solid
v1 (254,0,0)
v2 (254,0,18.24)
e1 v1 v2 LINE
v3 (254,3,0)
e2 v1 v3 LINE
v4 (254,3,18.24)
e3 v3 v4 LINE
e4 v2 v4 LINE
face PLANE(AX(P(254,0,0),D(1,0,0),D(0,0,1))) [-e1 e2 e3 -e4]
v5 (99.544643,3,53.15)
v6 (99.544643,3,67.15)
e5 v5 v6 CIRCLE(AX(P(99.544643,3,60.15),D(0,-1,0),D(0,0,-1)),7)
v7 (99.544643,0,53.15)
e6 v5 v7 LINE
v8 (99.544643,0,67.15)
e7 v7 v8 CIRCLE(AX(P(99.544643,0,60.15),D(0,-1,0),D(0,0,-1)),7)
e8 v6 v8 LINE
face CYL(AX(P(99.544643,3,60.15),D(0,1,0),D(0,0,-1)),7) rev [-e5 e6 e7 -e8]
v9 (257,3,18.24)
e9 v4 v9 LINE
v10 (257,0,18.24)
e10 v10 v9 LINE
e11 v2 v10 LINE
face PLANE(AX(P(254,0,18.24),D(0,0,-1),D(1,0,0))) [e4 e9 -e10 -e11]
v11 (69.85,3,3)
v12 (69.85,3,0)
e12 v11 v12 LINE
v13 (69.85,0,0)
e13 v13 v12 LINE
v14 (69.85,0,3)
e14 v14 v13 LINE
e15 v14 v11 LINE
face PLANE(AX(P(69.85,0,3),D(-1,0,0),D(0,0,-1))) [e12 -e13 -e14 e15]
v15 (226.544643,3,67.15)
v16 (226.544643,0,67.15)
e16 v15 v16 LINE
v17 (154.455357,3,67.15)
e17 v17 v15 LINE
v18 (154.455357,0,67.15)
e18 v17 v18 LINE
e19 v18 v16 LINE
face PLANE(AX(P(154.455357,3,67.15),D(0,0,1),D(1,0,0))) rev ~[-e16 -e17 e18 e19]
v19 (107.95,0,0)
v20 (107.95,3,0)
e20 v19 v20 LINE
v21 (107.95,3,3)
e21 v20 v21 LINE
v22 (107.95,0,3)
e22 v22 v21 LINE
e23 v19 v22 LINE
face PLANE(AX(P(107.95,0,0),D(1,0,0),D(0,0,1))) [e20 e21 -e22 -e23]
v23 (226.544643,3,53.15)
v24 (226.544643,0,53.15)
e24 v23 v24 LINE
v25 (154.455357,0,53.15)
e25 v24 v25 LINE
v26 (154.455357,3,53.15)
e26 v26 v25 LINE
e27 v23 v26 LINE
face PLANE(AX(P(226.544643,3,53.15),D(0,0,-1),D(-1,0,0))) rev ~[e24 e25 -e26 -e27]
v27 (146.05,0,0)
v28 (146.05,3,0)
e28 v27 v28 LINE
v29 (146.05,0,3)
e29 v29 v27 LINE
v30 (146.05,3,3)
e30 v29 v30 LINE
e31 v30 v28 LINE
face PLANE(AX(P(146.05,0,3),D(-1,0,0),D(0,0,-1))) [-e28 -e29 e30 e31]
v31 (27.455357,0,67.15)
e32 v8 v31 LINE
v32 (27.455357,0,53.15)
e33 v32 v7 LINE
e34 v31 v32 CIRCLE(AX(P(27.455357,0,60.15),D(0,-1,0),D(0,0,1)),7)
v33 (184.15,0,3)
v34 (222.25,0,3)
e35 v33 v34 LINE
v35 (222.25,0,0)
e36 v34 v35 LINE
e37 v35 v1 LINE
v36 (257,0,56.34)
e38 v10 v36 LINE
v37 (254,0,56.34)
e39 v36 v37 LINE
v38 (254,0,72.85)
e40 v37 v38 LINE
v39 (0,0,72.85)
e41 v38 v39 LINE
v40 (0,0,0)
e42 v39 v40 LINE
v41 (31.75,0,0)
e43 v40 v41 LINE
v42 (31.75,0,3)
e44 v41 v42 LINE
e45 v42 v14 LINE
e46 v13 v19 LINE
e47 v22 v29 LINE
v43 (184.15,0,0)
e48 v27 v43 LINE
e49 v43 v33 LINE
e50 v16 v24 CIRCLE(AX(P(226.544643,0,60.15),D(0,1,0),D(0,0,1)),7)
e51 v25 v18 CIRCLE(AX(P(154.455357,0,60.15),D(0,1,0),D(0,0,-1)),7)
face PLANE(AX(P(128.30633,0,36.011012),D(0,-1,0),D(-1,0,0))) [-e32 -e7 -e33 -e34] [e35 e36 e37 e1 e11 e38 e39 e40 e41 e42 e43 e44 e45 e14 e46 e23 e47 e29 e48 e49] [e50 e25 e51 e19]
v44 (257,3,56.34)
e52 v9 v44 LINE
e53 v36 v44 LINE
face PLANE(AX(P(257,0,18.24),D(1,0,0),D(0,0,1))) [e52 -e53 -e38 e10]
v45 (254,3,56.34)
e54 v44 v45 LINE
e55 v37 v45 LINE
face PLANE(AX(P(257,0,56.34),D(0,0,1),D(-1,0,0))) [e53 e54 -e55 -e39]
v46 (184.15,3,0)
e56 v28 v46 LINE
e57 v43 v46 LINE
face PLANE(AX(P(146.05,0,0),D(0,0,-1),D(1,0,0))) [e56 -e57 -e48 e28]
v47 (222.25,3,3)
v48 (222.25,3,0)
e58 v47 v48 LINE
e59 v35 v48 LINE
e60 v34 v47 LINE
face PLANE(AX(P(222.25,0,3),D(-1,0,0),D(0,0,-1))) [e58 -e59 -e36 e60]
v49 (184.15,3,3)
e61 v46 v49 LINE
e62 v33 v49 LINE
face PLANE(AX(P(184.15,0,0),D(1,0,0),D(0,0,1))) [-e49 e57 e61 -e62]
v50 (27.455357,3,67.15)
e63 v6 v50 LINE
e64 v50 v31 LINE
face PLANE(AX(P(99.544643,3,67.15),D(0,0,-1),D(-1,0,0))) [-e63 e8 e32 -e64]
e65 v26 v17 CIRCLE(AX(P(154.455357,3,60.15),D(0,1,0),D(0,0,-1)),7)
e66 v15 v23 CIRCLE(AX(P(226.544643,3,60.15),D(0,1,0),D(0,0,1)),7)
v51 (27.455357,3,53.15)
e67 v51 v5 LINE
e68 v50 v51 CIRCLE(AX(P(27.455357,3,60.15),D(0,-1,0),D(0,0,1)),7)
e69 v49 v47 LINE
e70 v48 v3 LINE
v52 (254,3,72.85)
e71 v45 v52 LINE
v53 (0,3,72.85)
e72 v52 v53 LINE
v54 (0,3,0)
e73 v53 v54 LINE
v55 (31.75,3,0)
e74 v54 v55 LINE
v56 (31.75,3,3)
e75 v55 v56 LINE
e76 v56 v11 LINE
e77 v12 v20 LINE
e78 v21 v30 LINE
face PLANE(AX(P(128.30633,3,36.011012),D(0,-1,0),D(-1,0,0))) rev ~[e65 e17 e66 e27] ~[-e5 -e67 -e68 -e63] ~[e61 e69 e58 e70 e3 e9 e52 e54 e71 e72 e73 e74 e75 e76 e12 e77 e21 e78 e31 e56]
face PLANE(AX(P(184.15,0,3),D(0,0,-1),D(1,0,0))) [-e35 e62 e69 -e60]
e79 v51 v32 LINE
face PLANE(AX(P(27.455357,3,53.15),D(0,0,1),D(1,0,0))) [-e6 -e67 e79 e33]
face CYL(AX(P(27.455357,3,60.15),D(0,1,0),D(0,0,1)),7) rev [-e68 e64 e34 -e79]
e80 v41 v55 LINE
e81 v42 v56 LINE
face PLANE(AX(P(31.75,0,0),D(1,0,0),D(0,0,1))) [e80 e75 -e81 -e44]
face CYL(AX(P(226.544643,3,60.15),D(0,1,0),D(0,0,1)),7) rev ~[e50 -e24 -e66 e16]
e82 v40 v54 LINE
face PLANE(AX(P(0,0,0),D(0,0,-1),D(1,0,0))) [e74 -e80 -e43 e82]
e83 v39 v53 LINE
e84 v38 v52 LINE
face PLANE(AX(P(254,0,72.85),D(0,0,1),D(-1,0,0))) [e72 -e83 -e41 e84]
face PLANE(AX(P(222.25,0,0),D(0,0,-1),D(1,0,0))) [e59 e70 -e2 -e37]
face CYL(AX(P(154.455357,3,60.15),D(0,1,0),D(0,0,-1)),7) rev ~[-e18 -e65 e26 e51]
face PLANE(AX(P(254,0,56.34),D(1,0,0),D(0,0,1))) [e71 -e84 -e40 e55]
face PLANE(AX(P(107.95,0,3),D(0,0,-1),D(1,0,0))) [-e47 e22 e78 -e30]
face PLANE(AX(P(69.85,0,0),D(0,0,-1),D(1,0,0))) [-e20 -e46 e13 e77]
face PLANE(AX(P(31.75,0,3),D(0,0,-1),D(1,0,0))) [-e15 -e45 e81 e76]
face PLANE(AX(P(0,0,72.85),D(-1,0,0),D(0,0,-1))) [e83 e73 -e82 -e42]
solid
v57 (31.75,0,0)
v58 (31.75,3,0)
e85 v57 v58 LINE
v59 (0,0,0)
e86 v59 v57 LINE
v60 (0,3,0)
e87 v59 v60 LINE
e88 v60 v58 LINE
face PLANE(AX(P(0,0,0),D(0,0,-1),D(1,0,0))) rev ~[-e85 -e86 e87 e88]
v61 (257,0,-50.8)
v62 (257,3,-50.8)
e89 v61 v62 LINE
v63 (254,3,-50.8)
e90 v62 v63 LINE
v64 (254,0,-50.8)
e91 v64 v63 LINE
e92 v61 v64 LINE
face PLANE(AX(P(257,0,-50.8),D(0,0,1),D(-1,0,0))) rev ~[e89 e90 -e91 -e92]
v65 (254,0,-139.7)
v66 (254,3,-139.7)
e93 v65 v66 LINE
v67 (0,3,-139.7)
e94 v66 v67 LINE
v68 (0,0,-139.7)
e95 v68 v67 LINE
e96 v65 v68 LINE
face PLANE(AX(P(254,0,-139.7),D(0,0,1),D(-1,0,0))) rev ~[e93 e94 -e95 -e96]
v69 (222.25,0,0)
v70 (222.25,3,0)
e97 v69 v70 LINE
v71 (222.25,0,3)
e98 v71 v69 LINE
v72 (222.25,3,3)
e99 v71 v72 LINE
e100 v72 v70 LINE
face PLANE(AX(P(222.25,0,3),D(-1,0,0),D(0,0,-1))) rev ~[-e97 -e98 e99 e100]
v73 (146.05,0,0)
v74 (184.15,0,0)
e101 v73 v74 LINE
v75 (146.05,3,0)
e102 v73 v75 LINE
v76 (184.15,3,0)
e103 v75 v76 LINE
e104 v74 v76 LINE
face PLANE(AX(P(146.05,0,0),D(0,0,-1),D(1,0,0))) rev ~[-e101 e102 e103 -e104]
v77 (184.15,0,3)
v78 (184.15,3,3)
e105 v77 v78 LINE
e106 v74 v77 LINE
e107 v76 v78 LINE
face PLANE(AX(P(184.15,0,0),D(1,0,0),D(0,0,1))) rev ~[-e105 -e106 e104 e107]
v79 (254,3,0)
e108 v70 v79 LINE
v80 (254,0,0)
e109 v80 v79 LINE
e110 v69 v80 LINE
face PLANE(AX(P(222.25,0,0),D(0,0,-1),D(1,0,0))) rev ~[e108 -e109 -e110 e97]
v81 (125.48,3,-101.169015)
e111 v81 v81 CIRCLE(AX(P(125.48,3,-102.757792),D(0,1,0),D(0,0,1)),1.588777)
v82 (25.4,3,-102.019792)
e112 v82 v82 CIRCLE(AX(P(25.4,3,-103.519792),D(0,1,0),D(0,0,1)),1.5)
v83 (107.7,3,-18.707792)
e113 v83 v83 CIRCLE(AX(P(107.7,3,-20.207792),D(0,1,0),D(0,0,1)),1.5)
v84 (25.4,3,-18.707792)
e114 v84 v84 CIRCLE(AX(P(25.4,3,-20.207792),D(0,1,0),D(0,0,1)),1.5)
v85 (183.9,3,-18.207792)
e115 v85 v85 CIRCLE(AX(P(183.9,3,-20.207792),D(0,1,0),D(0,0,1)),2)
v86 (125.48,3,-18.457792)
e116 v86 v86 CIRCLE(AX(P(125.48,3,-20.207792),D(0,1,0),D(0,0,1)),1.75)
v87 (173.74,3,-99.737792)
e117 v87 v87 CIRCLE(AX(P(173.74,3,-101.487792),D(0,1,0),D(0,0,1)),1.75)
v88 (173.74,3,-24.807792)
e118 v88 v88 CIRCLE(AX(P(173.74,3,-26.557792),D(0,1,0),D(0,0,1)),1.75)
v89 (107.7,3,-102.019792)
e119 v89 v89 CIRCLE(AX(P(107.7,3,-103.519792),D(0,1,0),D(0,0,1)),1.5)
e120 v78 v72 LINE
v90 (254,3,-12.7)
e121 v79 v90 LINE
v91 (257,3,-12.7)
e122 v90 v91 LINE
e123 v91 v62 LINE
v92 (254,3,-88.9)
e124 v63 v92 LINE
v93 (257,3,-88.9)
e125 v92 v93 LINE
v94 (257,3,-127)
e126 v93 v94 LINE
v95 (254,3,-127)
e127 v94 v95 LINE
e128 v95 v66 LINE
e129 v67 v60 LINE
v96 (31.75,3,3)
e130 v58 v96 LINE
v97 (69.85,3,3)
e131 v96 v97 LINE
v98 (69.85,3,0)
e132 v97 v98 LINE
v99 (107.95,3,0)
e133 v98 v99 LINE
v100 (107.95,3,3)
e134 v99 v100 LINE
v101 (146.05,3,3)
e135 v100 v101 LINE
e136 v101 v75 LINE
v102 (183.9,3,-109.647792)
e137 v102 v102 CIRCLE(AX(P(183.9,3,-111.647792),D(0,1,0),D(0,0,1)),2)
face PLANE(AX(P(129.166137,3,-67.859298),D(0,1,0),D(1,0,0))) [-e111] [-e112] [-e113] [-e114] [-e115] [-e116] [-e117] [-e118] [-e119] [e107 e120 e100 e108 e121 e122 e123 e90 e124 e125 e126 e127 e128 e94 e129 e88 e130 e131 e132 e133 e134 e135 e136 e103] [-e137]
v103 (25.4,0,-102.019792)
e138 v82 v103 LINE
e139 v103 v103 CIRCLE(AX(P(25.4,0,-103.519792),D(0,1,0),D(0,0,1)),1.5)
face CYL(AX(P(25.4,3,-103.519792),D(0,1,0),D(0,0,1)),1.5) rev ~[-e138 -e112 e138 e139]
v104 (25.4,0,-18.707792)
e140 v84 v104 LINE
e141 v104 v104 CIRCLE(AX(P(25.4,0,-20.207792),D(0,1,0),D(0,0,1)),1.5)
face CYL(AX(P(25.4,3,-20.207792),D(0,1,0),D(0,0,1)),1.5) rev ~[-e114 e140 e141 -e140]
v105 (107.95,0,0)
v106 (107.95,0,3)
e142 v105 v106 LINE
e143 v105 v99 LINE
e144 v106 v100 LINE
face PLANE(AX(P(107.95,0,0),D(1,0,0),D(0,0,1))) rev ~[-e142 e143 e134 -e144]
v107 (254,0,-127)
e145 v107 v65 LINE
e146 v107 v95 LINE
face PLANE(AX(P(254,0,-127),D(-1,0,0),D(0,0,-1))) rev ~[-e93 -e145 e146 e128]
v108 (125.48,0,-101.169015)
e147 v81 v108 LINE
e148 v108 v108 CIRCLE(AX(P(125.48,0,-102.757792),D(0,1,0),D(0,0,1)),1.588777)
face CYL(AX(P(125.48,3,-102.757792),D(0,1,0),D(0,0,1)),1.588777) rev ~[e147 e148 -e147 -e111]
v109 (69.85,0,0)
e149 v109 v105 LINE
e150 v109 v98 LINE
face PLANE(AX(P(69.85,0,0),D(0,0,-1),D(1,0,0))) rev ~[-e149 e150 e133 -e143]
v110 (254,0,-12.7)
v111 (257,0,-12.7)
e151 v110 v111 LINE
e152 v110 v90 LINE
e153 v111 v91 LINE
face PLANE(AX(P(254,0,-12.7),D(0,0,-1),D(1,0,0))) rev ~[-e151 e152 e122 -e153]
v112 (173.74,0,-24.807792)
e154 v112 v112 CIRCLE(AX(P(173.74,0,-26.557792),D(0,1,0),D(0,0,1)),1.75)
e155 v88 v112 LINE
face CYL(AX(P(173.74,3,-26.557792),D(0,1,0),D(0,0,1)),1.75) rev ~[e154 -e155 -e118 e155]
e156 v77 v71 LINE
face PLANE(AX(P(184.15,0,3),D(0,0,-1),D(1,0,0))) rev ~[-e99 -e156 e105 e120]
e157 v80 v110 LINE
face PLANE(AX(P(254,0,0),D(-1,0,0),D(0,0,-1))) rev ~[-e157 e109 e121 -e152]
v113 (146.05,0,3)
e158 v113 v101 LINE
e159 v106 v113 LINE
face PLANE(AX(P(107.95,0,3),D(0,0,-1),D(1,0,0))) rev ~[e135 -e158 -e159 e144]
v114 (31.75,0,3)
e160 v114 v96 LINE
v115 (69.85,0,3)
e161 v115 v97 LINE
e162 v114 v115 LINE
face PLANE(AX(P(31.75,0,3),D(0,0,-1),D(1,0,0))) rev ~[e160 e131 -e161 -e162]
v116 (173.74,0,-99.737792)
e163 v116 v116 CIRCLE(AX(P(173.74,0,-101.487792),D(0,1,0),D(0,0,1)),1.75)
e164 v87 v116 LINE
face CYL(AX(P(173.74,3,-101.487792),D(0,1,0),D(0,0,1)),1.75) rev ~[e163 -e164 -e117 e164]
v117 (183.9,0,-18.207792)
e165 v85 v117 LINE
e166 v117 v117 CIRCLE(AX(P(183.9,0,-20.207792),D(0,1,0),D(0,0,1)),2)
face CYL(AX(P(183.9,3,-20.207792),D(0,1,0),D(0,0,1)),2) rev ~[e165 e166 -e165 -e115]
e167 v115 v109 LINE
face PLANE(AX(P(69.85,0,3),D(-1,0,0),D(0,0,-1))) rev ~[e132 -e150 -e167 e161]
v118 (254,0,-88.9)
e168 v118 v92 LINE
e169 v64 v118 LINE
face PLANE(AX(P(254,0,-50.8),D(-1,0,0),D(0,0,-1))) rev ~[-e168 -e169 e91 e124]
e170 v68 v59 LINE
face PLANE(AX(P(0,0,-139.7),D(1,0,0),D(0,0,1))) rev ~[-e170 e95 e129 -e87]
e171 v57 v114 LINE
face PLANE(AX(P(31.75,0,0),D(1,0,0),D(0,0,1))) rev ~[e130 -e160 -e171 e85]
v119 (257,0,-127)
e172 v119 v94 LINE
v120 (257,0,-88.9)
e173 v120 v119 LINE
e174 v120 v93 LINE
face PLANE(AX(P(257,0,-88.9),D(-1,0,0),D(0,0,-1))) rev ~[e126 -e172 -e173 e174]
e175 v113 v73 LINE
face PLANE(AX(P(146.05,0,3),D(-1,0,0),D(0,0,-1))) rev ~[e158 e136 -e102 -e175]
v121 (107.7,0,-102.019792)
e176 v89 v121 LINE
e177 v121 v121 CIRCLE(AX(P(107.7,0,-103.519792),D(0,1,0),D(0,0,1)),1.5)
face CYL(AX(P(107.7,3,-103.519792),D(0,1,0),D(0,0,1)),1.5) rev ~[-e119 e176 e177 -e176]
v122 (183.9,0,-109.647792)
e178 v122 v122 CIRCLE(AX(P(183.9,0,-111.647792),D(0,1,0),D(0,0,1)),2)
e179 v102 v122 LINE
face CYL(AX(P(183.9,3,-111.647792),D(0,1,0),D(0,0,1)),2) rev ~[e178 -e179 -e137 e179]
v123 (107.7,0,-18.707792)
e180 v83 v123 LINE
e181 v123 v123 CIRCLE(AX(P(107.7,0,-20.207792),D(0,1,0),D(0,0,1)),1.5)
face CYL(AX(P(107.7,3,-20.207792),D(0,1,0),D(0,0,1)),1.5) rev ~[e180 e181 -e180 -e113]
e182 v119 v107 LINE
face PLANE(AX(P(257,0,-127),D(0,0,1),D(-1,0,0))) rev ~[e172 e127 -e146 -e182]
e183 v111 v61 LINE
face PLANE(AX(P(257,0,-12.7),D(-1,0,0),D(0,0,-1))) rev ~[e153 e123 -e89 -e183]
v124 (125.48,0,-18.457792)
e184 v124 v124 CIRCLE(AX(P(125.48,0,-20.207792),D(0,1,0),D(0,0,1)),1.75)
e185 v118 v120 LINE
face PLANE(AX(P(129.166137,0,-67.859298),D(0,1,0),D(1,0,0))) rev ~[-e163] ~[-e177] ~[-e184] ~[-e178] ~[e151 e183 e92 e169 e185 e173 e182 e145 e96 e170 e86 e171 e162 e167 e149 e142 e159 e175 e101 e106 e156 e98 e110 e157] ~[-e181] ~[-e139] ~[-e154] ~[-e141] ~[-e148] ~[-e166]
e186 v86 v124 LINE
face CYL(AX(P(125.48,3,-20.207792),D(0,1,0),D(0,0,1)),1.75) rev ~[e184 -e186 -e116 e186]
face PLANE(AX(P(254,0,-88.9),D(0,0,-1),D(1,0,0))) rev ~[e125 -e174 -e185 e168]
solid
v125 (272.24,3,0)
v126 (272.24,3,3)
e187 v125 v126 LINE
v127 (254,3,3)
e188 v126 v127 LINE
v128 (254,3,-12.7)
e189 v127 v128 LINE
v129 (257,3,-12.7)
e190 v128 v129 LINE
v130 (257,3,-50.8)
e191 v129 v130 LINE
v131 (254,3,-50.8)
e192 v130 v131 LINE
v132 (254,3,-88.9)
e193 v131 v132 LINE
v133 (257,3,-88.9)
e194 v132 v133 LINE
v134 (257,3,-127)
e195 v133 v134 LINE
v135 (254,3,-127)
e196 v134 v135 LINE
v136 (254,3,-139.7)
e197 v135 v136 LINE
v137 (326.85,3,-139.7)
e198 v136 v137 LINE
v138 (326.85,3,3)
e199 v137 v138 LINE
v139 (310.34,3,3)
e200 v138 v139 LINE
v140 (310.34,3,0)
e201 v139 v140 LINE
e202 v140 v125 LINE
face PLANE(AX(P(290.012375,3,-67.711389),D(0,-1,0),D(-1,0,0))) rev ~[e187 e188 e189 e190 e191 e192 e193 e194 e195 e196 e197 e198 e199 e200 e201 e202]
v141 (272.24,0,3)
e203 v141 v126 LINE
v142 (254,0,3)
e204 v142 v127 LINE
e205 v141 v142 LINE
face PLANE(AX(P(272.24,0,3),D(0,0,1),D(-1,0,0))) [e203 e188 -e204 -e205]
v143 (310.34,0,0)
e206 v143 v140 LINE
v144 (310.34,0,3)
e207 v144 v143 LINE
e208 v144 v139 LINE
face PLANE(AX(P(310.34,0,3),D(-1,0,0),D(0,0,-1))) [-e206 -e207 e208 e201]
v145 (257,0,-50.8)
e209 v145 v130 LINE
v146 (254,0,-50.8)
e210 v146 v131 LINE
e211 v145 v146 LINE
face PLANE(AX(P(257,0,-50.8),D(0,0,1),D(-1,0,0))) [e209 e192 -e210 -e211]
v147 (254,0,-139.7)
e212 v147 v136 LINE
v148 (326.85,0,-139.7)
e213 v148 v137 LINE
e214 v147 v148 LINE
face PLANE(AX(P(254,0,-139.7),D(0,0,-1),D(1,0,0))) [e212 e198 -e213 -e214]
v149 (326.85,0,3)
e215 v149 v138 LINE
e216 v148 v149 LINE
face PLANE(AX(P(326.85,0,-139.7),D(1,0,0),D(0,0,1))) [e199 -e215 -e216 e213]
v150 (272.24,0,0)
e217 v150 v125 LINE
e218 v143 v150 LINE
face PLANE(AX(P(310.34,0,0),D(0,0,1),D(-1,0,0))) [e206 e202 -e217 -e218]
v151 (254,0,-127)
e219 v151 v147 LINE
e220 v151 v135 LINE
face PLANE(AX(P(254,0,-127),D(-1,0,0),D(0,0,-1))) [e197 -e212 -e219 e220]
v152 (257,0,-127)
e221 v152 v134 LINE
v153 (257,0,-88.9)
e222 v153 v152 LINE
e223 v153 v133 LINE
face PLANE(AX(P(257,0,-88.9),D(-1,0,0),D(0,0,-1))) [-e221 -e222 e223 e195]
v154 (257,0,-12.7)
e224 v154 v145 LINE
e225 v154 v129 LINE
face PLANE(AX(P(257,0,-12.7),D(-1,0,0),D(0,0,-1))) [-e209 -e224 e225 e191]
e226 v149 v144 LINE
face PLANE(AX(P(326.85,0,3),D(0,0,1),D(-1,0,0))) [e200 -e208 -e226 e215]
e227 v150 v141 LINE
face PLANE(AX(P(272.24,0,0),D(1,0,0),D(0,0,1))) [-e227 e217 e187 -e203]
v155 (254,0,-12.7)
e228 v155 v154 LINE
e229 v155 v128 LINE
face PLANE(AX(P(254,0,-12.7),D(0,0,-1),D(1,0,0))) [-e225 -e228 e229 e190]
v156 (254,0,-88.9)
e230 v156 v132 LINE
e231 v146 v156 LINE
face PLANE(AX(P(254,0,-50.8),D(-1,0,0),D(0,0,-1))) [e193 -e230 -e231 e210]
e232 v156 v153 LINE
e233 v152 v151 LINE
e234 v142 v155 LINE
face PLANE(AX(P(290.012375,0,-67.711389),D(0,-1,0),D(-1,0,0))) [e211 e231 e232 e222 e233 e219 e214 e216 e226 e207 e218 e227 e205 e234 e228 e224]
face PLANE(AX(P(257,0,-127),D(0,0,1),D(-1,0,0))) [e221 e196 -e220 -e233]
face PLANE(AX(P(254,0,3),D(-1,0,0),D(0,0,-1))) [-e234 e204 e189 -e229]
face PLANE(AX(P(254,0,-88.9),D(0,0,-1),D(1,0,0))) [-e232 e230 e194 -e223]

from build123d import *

# Parameters (mm, degrees)
BOSS_EXTRUDE1_DEPTH = 3
BOSS_EXTRUDE2_DEPTH = 3
BOSS_EXTRUDE3_DEPTH = 3
CUT_EXTRUDE1_DEPTH  = 3
SKETCH5_R           = 1.5
SKETCH5_R_2         = 1.75
SKETCH5_R_3         = 1.588777233
SKETCH5_R_4         = 2
CUT_EXTRUDE2_DEPTH  = 3


with BuildPart() as part:
    # Sketch1 → Boss-Extrude1 (new body)
    with BuildSketch(Plane(origin=(0, 0, 0), x_dir=(1, 0, 0), z_dir=(0, 1, 0))):
        Polygon((0, 0), (31.75, 0), (31.75, -3), (69.85, -3), (69.85, 0), (107.95, 0), (107.95, -3), (146.05, -3), (146.05, 0), (184.15, 0), (184.15, -3), (222.25, -3), (222.25, 0), (254, 0), (254, 12.7), (257, 12.7), (257, 50.8), (254, 50.8), (254, 88.9), (257, 88.9), (257, 127), (254, 127), (254, 139.7), (0, 139.7), align=None)
    extrude(amount=BOSS_EXTRUDE1_DEPTH)

    # Sketch5 → Cut-Extrude2 (cut)
    with BuildSketch(Plane(origin=(0, 3, 0), x_dir=(1, 0, 0), z_dir=(0, 1, 0))):
        with Locations(Location((25.4, 20.207792239, 0), (0, 0, 270))):
            Circle(SKETCH5_R)
        with Locations(Location((25.4, 103.519792239, 0), (0, 0, 270))):
            Circle(SKETCH5_R)
        with Locations(Location((107.7, 20.207792239, 0), (0, 0, 270))):
            Circle(SKETCH5_R)
        with Locations(Location((107.7, 103.519792239, 0), (0, 0, 270))):
            Circle(SKETCH5_R)
        with Locations(Location((173.74, 101.487792239, 0), (0, 0, 270))):
            Circle(SKETCH5_R_2)
        with Locations(Location((173.74, 26.557792239, 0), (0, 0, 270))):
            Circle(SKETCH5_R_2)
        with Locations(Location((125.48, 20.207792239, 0), (0, 0, 270))):
            Circle(SKETCH5_R_2)
        with Locations(Location((125.48, 102.757792239, 0), (0, 0, 270))):
            Circle(SKETCH5_R_3)
        with Locations(Location((183.9, 111.647792239, 0), (0, 0, 270))):
            Circle(SKETCH5_R_4)
        with Locations(Location((183.9, 20.207792239, 0), (0, 0, 270))):
            Circle(SKETCH5_R_4)
    extrude(amount=-CUT_EXTRUDE2_DEPTH, mode=Mode.SUBTRACT)


with BuildPart() as body_2:
    # Sketch2 → Boss-Extrude2 (new body)
    with BuildSketch(Plane(origin=(0, 0, 0), x_dir=(1, 0, 0), z_dir=(0, 1, 0))):
        Polygon((0, 0), (31.75, 0), (31.75, -3), (69.85, -3), (69.85, 0), (107.95, 0), (107.95, -3), (146.05, -3), (146.05, 0), (184.15, 0), (184.15, -3), (222.25, -3), (222.25, 0), (254, 0), (254, -18.24), (257, -18.24), (257, -56.34), (254, -56.34), (254, -72.85), (0, -72.85), align=None)
    extrude(amount=BOSS_EXTRUDE2_DEPTH)

    # Sketch4 → Cut-Extrude1 (cut)
    with BuildSketch(Plane(origin=(0, 3, 0), x_dir=(1, 0, 0), z_dir=(0, 1, 0))):
        with BuildLine():
            Line((27.455356566, -53.15), (99.544643434, -53.15))
            ThreePointArc((99.544643434, -53.15), (106.544643434, -60.15), (99.544643434, -67.15))
            Line((99.544643434, -67.15), (27.455356566, -67.15))
            ThreePointArc((27.455356566, -67.15), (20.455356566, -60.15), (27.455356566, -53.15))
        make_face()
        with BuildLine():
            Line((226.544643434, -53.15), (154.455356566, -53.15))
            ThreePointArc((154.455356566, -53.15), (147.455356566, -60.15), (154.455356566, -67.15))
            Line((154.455356566, -67.15), (226.544643434, -67.15))
            ThreePointArc((226.544643434, -67.15), (233.544643434, -60.15), (226.544643434, -53.15))
        make_face()
    extrude(amount=-CUT_EXTRUDE1_DEPTH, mode=Mode.SUBTRACT)


with BuildPart() as body_3:
    # Sketch3 → Boss-Extrude3 (new body)
    with BuildSketch(Plane(origin=(0, 0, 0), x_dir=(1, 0, 0), z_dir=(0, 1, 0))):
        Polygon((254, -3), (254, 12.7), (257.000000096, 12.7), (257.000000096, 50.8), (254, 50.8), (254, 88.9), (257.000000096, 88.9), (257.000000096, 127), (254, 127), (254, 139.7), (326.85, 139.7), (326.85, -3), (310.34, -3), (310.34, 9.6e-08), (272.24, 9.6e-08), (272.24, -3), align=None)
    extrude(amount=BOSS_EXTRUDE3_DEPTH)


solid = Compound([part.part, body_2.part, body_3.part])
